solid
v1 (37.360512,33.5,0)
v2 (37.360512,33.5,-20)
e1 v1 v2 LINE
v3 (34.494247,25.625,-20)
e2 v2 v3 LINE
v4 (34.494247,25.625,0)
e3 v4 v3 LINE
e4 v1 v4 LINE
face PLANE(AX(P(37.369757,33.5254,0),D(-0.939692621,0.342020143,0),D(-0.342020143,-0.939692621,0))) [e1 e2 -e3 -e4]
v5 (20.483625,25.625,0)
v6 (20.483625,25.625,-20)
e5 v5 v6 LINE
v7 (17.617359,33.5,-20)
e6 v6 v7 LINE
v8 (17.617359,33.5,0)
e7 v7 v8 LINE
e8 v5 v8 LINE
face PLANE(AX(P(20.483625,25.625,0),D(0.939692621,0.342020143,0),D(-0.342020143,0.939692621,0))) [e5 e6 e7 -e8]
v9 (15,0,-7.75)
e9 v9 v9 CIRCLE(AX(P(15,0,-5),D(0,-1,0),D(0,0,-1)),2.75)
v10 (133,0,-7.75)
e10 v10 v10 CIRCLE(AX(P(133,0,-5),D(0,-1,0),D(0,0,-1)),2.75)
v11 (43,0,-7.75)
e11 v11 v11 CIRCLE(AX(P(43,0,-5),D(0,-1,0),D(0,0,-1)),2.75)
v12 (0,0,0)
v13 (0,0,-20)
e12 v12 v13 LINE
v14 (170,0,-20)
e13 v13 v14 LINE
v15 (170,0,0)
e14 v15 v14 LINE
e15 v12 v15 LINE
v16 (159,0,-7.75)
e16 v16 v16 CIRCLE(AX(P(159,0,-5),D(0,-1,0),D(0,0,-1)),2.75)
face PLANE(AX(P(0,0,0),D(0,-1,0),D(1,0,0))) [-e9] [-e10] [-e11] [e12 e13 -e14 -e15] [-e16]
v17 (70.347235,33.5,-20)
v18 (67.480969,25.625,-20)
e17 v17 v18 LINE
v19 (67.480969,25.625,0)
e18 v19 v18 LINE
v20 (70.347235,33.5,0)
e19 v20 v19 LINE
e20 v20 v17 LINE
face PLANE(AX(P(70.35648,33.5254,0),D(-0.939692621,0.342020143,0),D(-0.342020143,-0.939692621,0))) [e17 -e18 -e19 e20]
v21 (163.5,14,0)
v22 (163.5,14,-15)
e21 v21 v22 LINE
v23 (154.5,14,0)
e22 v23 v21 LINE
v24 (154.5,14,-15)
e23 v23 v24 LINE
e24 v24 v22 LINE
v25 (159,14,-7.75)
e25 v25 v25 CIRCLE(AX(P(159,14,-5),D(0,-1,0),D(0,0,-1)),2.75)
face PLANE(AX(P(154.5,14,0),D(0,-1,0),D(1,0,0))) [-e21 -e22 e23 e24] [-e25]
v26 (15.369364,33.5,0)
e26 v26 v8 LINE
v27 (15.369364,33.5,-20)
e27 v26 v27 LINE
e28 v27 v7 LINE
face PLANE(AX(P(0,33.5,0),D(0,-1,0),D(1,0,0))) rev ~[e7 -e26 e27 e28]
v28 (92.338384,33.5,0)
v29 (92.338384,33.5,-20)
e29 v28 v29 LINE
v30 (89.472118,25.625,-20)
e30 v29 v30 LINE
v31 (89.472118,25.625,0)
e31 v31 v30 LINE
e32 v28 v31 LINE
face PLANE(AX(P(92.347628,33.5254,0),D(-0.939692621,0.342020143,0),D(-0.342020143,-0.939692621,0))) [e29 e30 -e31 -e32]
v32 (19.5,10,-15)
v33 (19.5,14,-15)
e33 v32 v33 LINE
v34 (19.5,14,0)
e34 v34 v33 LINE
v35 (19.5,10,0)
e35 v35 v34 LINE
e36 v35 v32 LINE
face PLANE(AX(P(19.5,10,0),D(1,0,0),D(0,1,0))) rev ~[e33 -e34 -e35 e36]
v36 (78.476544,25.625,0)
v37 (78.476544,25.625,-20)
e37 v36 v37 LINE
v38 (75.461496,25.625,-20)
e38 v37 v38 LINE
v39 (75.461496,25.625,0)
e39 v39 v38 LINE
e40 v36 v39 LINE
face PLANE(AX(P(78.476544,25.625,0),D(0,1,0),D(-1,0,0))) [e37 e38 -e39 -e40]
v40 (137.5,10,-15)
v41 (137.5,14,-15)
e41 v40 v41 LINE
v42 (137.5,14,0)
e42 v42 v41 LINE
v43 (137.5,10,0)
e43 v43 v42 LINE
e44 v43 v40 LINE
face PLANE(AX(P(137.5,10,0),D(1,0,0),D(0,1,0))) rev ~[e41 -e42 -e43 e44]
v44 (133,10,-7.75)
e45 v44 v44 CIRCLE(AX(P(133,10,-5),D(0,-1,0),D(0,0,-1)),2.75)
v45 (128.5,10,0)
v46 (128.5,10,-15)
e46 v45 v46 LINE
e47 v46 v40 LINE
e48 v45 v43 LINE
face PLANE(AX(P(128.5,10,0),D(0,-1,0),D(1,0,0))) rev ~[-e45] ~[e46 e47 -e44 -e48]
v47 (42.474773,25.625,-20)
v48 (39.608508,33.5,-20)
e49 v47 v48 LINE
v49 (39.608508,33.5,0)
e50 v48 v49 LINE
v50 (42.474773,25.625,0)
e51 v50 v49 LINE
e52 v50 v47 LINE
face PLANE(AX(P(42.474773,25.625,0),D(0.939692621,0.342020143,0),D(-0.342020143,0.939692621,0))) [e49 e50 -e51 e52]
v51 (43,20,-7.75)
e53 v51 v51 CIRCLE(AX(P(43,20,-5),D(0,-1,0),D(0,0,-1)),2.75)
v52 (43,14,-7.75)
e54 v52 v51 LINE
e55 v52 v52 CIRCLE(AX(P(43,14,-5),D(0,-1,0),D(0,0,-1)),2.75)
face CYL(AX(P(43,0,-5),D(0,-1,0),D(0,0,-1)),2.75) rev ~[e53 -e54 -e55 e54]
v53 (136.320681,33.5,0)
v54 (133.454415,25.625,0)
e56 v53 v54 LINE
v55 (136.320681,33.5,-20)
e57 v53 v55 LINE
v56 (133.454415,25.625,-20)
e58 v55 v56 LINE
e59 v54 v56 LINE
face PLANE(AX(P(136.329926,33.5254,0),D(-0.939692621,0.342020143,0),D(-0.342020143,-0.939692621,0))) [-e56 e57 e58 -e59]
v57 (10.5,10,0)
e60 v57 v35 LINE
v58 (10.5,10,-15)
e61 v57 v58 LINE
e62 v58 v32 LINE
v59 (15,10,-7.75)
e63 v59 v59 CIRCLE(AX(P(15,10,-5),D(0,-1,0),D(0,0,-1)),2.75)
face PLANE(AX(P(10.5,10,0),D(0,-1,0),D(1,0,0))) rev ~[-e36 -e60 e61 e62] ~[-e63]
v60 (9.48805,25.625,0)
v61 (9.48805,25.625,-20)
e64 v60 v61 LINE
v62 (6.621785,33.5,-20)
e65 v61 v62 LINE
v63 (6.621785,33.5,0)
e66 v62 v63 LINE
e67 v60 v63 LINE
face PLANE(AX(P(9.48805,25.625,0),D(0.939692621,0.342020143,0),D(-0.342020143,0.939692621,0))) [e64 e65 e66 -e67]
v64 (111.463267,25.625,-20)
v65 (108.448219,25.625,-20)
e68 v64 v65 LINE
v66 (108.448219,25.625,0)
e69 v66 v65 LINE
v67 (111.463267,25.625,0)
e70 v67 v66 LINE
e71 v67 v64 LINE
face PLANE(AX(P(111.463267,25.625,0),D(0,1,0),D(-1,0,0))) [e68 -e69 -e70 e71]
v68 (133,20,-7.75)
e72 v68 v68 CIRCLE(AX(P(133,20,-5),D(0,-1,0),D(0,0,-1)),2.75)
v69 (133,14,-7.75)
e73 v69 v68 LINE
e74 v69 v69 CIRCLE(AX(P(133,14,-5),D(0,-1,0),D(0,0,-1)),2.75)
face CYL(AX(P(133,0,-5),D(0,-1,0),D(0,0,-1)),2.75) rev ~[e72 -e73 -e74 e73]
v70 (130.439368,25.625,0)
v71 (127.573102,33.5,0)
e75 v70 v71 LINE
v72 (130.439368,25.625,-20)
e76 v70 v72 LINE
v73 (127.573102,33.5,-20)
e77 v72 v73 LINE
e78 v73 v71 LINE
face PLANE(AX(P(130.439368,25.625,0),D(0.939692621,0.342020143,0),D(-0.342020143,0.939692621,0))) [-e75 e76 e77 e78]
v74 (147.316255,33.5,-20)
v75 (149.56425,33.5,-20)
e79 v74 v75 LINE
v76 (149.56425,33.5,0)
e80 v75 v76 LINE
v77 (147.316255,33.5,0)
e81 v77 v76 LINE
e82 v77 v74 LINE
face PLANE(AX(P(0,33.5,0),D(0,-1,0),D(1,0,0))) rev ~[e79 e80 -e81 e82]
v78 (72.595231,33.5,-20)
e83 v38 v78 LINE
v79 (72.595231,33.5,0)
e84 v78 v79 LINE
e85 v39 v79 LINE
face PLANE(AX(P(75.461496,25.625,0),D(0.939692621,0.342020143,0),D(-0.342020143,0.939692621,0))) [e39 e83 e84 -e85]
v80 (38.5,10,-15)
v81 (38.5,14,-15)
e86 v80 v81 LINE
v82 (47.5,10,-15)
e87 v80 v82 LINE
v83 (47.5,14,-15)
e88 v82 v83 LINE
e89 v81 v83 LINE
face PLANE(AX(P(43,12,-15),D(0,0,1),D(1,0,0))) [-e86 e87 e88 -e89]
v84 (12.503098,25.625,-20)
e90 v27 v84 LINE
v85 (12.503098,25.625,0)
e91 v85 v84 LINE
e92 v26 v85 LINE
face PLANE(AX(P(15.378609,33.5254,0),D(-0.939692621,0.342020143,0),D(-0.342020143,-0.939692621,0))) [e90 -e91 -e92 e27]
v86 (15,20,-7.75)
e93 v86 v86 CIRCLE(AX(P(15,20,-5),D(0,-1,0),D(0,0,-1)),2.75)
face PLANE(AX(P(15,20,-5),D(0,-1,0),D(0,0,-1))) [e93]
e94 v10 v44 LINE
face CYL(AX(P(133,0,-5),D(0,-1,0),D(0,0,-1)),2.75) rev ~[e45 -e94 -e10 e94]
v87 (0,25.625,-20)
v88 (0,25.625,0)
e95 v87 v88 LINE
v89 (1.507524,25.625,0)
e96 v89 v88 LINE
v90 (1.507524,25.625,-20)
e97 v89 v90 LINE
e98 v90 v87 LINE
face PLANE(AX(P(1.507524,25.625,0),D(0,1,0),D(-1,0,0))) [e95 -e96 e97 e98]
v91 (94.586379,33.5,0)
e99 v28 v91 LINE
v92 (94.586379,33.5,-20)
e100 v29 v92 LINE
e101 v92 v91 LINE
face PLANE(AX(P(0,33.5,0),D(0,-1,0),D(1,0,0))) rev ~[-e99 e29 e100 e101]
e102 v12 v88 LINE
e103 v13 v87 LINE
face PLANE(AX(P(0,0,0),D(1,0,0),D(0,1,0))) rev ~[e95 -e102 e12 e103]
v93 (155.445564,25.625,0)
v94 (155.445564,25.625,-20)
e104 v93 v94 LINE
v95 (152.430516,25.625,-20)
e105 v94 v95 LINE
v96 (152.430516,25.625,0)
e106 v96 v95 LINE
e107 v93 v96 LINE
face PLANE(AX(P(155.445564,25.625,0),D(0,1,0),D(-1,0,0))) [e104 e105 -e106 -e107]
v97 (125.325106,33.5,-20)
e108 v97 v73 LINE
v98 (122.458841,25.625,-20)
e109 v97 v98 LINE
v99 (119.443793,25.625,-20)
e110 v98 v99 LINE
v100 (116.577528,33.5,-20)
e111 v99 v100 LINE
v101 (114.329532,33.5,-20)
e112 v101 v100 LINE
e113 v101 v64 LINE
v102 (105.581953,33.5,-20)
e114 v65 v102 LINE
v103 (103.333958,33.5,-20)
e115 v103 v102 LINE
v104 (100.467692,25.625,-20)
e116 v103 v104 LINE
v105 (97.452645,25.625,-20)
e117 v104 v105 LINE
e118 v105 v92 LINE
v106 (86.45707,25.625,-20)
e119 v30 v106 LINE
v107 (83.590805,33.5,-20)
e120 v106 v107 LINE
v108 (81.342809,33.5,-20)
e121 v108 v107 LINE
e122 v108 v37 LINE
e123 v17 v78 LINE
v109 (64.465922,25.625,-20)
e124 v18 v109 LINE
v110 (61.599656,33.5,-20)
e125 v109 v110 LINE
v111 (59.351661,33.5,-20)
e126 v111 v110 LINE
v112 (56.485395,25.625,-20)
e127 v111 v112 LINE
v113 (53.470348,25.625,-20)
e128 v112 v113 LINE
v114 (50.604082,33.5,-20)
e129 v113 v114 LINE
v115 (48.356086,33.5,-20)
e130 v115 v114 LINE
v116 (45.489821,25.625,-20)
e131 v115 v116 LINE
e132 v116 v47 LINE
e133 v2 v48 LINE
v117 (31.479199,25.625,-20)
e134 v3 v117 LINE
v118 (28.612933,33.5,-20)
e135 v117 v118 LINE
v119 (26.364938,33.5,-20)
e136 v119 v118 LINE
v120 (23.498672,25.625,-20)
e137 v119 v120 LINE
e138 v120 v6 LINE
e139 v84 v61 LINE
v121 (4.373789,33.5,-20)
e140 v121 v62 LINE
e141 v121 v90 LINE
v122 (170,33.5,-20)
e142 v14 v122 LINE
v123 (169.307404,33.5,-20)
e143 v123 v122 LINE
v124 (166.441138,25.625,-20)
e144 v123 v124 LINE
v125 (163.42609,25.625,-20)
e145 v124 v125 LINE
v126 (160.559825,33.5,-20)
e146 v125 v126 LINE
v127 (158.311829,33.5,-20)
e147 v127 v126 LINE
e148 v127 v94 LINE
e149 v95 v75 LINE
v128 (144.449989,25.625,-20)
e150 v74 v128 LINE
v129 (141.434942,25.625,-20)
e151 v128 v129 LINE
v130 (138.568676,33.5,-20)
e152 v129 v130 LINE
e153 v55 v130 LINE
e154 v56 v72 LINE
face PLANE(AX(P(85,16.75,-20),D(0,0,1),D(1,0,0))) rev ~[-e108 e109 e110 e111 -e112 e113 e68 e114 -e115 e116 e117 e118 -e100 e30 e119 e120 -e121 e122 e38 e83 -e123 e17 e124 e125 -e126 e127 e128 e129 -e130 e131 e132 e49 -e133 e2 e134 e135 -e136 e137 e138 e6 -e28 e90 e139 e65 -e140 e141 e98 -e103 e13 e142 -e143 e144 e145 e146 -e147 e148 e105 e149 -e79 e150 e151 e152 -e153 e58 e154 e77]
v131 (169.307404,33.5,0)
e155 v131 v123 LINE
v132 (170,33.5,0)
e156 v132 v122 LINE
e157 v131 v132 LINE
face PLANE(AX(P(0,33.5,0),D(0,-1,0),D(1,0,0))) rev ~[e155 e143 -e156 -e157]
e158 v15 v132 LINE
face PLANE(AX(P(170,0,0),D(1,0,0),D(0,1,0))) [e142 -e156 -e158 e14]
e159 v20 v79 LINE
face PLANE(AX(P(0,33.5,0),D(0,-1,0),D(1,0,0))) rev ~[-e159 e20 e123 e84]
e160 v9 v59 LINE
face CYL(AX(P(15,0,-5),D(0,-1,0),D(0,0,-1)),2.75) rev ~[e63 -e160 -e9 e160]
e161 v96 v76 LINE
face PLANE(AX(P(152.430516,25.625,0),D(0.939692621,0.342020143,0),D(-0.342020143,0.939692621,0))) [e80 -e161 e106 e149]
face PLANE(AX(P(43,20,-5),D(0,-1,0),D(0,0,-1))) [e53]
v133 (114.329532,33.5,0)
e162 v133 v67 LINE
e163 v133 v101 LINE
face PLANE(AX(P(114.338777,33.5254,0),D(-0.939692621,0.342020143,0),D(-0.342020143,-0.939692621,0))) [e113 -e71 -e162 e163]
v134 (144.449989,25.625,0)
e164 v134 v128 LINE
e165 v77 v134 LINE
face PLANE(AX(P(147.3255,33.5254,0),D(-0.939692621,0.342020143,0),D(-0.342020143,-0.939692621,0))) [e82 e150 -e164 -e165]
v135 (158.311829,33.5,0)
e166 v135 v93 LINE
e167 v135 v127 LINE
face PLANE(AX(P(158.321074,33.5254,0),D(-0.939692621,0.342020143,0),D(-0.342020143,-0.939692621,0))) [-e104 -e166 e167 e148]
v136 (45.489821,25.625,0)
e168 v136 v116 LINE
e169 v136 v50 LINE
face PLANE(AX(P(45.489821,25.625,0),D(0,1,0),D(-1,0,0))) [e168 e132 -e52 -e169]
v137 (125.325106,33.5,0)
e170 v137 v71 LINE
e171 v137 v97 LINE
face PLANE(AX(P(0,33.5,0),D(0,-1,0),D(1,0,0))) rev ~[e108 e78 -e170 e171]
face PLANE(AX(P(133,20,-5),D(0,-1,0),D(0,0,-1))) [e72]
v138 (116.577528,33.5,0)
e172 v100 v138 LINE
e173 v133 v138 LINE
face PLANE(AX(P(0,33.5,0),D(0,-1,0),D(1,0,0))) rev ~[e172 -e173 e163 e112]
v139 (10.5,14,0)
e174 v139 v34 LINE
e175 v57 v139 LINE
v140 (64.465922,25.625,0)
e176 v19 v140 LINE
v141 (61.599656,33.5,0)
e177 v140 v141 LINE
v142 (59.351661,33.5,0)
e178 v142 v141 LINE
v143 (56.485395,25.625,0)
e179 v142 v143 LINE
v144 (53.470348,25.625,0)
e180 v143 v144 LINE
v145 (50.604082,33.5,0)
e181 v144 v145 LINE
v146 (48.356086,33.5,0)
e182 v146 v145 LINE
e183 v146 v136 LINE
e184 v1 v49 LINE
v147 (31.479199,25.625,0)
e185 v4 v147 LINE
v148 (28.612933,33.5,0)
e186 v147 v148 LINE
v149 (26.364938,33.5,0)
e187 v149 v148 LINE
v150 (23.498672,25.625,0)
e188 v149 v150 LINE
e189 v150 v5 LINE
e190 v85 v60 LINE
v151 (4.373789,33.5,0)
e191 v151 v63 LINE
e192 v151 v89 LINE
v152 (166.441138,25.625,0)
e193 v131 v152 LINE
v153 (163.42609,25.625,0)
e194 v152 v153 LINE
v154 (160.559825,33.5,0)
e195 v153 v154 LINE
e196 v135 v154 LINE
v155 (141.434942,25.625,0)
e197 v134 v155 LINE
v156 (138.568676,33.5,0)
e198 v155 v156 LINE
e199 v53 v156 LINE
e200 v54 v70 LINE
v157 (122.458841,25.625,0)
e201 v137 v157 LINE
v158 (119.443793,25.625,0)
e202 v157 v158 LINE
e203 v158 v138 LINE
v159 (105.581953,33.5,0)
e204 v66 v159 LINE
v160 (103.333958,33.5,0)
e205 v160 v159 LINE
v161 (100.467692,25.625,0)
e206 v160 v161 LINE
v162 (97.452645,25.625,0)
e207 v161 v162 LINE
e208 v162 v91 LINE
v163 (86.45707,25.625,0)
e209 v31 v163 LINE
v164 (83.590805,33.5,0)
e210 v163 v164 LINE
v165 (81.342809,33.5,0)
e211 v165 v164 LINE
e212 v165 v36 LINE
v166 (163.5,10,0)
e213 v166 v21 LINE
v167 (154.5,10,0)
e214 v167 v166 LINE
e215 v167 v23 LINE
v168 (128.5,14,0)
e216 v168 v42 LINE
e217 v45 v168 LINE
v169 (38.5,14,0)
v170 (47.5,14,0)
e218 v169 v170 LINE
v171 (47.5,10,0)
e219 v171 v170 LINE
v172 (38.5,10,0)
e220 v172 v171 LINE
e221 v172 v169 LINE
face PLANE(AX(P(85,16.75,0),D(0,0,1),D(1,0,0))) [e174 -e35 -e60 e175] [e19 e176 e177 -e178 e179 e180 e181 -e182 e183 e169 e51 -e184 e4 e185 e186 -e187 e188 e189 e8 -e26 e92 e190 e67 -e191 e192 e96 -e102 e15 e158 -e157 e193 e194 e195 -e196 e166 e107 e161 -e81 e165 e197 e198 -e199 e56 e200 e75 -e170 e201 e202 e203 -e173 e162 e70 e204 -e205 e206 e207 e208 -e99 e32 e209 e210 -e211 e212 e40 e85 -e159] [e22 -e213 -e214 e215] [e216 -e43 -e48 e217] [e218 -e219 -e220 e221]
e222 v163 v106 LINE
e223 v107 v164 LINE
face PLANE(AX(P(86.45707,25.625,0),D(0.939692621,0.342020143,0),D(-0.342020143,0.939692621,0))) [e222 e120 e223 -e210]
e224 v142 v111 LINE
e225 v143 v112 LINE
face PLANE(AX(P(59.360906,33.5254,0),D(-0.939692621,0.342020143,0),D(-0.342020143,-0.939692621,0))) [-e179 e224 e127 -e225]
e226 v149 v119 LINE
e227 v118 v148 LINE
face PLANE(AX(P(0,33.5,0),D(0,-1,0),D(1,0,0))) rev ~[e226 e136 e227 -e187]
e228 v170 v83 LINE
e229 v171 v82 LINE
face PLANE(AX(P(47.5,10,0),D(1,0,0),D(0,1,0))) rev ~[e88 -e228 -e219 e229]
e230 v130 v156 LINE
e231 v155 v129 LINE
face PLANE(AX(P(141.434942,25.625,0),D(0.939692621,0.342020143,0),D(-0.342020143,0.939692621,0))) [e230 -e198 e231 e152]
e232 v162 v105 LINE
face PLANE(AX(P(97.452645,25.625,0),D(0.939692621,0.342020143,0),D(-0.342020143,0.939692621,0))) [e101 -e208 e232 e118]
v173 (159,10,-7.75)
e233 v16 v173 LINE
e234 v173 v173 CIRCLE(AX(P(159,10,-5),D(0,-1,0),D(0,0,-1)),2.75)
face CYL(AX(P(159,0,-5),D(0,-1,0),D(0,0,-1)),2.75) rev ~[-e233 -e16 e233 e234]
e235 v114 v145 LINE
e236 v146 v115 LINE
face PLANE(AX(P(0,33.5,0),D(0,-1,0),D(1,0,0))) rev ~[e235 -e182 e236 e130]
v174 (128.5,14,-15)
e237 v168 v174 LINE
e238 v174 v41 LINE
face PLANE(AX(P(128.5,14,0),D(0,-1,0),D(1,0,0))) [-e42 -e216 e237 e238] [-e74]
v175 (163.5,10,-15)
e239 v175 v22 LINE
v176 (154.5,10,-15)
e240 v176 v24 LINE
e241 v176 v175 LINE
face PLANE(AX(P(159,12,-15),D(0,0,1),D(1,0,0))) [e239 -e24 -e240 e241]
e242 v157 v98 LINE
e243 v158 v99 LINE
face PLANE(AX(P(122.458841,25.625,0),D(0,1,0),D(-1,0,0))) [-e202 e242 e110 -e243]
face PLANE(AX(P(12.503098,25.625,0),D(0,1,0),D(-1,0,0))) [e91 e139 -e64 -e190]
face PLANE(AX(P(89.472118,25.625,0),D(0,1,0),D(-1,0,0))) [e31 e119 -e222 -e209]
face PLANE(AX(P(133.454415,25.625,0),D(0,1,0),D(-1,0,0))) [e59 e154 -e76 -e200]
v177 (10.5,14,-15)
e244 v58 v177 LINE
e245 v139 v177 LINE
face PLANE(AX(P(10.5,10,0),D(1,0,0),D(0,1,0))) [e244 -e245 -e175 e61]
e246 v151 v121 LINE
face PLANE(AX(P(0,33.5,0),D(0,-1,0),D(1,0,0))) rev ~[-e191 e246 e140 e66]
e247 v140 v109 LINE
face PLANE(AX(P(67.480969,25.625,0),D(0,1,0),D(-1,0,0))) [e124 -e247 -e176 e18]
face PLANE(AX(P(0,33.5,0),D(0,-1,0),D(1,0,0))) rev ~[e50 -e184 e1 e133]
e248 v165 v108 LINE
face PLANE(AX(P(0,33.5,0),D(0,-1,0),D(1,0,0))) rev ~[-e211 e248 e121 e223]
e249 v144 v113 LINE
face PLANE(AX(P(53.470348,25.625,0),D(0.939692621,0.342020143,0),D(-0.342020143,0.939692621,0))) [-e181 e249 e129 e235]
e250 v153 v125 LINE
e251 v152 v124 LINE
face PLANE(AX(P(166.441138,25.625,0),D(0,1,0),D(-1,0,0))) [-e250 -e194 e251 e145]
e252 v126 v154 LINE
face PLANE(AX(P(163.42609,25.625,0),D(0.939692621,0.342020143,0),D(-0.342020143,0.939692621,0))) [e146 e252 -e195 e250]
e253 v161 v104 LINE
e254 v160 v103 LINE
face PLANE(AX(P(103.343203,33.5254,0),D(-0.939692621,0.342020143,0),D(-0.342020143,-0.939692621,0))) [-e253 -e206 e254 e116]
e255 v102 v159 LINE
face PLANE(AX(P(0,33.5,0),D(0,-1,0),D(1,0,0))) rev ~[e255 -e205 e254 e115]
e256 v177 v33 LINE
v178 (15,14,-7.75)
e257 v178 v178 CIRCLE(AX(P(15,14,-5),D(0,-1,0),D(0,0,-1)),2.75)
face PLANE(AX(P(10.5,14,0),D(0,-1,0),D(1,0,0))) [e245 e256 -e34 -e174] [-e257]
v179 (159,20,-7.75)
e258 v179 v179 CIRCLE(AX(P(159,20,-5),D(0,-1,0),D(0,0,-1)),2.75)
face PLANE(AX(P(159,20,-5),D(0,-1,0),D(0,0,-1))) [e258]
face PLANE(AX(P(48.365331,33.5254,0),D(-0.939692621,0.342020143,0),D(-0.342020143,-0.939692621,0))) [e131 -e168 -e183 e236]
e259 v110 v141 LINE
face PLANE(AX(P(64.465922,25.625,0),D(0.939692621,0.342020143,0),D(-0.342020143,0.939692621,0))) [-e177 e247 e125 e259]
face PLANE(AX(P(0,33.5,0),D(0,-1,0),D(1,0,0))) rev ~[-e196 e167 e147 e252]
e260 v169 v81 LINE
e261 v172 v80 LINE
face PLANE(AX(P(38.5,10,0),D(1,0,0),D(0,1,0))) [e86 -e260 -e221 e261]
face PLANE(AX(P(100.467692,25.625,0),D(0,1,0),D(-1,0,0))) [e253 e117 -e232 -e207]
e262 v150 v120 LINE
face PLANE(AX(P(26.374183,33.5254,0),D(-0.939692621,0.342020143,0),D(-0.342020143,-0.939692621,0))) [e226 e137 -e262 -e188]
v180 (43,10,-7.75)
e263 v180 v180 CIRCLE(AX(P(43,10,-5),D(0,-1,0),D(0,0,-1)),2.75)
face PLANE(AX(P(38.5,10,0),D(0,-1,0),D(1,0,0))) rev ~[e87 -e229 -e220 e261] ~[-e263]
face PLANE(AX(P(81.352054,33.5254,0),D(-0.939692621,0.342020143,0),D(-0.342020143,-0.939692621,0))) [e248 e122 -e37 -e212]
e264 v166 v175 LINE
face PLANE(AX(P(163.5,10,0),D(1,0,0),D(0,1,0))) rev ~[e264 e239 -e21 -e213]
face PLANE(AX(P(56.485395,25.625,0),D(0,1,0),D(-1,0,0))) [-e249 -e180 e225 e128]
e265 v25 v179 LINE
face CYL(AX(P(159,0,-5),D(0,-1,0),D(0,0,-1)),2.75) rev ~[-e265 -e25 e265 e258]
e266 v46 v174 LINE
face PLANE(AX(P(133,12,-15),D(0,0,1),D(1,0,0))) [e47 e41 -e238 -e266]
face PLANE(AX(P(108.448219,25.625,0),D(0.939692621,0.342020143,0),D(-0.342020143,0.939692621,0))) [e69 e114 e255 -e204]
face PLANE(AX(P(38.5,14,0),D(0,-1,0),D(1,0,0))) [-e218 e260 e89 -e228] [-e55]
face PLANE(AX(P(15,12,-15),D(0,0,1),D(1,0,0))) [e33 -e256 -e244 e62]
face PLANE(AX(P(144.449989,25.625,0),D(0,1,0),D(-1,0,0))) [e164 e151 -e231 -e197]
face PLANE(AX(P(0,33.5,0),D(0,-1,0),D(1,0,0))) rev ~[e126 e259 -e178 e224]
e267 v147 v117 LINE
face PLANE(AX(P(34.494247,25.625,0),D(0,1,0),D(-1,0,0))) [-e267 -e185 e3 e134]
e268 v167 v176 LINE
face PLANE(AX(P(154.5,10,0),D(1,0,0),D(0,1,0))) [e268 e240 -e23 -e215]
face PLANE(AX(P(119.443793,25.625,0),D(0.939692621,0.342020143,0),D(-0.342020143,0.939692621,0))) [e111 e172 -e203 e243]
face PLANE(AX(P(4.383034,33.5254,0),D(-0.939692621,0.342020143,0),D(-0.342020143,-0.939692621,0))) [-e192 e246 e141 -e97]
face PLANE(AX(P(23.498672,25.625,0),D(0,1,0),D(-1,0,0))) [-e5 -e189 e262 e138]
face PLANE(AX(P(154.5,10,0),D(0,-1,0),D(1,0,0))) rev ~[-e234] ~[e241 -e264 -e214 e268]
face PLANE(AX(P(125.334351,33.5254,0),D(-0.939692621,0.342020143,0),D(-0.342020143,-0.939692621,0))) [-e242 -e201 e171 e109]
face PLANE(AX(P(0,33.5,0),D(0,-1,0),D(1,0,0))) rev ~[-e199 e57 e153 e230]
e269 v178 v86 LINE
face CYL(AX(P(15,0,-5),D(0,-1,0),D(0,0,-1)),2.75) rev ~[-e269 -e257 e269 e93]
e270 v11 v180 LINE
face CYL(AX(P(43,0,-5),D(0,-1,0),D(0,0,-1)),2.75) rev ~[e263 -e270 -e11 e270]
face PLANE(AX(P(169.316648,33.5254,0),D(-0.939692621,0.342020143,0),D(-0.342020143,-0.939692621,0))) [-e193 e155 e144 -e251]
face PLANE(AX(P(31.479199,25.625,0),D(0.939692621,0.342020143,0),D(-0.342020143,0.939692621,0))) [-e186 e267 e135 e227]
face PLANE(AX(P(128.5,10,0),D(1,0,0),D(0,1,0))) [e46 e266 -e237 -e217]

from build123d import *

# Parameters (mm, degrees)
BLANKSKE_W         = 170
BLANKSKE_H         = 33.5
BLANK_DEPTH        = 20
TOOTHCUTSIM_DEPTH  = 175.419752322
TEETHCUTS_COUNT    = 16
TEETHCUTS_PITCH    = 10.995574275
SKETCH2_W          = 9
SKETCH2_H          = 4
CUT_EXTRUDE1_DEPTH = 15
SKETCH4_R          = 2.75
CUT_EXTRUDE2_DEPTH = 20


with BuildPart() as part:
    # BlankSke → Blank (new body)
    with BuildSketch(Plane.XY):
        with Locations((85, 16.75)):
            Rectangle(BLANKSKE_W, BLANKSKE_H)
    extrude(amount=-BLANK_DEPTH)

    # TooCutSkeSim → ToothCutSim (cut, through all)
    with BuildSketch(Plane.XY):
        Polygon((1.507523794, 25.625), (-1.507523794, 25.625), (-4.383034233, 33.5254), (4.383034233, 33.5254), align=None)
    toothcutsim = extrude(amount=-TOOTHCUTSIM_DEPTH, mode=Mode.SUBTRACT)

    # TeethCuts: ToothCutSim ×16
    with Locations(*[(i * TEETHCUTS_PITCH, 0, 0) for i in range(1, TEETHCUTS_COUNT)]):
        add(toothcutsim, mode=Mode.SUBTRACT)

    # Sketch2 → Cut-Extrude1 (cut)
    with BuildSketch(Plane.XY):
        with Locations((15, 12)):
            Rectangle(SKETCH2_W, SKETCH2_H)
        with Locations((43, 12)):
            Rectangle(SKETCH2_W, SKETCH2_H)
        with Locations((133, 12)):
            Rectangle(SKETCH2_W, SKETCH2_H)
        with Locations((159, 12)):
            Rectangle(SKETCH2_W, SKETCH2_H)
    extrude(amount=-CUT_EXTRUDE1_DEPTH, mode=Mode.SUBTRACT)

    # Sketch4 → Cut-Extrude2 (cut)
    with BuildSketch(Plane.XZ):
        with Locations(Location((15, -5, 0), (0, 0, 270))):
            Circle(SKETCH4_R)
        with Locations(Location((43, -5, 0), (0, 0, 270))):
            Circle(SKETCH4_R)
        with Locations(Location((133, -5, 0), (0, 0, 270))):
            Circle(SKETCH4_R)
        with Locations(Location((159, -5, 0), (0, 0, 270))):
            Circle(SKETCH4_R)
    extrude(amount=-CUT_EXTRUDE2_DEPTH, mode=Mode.SUBTRACT)


solid = part.part
